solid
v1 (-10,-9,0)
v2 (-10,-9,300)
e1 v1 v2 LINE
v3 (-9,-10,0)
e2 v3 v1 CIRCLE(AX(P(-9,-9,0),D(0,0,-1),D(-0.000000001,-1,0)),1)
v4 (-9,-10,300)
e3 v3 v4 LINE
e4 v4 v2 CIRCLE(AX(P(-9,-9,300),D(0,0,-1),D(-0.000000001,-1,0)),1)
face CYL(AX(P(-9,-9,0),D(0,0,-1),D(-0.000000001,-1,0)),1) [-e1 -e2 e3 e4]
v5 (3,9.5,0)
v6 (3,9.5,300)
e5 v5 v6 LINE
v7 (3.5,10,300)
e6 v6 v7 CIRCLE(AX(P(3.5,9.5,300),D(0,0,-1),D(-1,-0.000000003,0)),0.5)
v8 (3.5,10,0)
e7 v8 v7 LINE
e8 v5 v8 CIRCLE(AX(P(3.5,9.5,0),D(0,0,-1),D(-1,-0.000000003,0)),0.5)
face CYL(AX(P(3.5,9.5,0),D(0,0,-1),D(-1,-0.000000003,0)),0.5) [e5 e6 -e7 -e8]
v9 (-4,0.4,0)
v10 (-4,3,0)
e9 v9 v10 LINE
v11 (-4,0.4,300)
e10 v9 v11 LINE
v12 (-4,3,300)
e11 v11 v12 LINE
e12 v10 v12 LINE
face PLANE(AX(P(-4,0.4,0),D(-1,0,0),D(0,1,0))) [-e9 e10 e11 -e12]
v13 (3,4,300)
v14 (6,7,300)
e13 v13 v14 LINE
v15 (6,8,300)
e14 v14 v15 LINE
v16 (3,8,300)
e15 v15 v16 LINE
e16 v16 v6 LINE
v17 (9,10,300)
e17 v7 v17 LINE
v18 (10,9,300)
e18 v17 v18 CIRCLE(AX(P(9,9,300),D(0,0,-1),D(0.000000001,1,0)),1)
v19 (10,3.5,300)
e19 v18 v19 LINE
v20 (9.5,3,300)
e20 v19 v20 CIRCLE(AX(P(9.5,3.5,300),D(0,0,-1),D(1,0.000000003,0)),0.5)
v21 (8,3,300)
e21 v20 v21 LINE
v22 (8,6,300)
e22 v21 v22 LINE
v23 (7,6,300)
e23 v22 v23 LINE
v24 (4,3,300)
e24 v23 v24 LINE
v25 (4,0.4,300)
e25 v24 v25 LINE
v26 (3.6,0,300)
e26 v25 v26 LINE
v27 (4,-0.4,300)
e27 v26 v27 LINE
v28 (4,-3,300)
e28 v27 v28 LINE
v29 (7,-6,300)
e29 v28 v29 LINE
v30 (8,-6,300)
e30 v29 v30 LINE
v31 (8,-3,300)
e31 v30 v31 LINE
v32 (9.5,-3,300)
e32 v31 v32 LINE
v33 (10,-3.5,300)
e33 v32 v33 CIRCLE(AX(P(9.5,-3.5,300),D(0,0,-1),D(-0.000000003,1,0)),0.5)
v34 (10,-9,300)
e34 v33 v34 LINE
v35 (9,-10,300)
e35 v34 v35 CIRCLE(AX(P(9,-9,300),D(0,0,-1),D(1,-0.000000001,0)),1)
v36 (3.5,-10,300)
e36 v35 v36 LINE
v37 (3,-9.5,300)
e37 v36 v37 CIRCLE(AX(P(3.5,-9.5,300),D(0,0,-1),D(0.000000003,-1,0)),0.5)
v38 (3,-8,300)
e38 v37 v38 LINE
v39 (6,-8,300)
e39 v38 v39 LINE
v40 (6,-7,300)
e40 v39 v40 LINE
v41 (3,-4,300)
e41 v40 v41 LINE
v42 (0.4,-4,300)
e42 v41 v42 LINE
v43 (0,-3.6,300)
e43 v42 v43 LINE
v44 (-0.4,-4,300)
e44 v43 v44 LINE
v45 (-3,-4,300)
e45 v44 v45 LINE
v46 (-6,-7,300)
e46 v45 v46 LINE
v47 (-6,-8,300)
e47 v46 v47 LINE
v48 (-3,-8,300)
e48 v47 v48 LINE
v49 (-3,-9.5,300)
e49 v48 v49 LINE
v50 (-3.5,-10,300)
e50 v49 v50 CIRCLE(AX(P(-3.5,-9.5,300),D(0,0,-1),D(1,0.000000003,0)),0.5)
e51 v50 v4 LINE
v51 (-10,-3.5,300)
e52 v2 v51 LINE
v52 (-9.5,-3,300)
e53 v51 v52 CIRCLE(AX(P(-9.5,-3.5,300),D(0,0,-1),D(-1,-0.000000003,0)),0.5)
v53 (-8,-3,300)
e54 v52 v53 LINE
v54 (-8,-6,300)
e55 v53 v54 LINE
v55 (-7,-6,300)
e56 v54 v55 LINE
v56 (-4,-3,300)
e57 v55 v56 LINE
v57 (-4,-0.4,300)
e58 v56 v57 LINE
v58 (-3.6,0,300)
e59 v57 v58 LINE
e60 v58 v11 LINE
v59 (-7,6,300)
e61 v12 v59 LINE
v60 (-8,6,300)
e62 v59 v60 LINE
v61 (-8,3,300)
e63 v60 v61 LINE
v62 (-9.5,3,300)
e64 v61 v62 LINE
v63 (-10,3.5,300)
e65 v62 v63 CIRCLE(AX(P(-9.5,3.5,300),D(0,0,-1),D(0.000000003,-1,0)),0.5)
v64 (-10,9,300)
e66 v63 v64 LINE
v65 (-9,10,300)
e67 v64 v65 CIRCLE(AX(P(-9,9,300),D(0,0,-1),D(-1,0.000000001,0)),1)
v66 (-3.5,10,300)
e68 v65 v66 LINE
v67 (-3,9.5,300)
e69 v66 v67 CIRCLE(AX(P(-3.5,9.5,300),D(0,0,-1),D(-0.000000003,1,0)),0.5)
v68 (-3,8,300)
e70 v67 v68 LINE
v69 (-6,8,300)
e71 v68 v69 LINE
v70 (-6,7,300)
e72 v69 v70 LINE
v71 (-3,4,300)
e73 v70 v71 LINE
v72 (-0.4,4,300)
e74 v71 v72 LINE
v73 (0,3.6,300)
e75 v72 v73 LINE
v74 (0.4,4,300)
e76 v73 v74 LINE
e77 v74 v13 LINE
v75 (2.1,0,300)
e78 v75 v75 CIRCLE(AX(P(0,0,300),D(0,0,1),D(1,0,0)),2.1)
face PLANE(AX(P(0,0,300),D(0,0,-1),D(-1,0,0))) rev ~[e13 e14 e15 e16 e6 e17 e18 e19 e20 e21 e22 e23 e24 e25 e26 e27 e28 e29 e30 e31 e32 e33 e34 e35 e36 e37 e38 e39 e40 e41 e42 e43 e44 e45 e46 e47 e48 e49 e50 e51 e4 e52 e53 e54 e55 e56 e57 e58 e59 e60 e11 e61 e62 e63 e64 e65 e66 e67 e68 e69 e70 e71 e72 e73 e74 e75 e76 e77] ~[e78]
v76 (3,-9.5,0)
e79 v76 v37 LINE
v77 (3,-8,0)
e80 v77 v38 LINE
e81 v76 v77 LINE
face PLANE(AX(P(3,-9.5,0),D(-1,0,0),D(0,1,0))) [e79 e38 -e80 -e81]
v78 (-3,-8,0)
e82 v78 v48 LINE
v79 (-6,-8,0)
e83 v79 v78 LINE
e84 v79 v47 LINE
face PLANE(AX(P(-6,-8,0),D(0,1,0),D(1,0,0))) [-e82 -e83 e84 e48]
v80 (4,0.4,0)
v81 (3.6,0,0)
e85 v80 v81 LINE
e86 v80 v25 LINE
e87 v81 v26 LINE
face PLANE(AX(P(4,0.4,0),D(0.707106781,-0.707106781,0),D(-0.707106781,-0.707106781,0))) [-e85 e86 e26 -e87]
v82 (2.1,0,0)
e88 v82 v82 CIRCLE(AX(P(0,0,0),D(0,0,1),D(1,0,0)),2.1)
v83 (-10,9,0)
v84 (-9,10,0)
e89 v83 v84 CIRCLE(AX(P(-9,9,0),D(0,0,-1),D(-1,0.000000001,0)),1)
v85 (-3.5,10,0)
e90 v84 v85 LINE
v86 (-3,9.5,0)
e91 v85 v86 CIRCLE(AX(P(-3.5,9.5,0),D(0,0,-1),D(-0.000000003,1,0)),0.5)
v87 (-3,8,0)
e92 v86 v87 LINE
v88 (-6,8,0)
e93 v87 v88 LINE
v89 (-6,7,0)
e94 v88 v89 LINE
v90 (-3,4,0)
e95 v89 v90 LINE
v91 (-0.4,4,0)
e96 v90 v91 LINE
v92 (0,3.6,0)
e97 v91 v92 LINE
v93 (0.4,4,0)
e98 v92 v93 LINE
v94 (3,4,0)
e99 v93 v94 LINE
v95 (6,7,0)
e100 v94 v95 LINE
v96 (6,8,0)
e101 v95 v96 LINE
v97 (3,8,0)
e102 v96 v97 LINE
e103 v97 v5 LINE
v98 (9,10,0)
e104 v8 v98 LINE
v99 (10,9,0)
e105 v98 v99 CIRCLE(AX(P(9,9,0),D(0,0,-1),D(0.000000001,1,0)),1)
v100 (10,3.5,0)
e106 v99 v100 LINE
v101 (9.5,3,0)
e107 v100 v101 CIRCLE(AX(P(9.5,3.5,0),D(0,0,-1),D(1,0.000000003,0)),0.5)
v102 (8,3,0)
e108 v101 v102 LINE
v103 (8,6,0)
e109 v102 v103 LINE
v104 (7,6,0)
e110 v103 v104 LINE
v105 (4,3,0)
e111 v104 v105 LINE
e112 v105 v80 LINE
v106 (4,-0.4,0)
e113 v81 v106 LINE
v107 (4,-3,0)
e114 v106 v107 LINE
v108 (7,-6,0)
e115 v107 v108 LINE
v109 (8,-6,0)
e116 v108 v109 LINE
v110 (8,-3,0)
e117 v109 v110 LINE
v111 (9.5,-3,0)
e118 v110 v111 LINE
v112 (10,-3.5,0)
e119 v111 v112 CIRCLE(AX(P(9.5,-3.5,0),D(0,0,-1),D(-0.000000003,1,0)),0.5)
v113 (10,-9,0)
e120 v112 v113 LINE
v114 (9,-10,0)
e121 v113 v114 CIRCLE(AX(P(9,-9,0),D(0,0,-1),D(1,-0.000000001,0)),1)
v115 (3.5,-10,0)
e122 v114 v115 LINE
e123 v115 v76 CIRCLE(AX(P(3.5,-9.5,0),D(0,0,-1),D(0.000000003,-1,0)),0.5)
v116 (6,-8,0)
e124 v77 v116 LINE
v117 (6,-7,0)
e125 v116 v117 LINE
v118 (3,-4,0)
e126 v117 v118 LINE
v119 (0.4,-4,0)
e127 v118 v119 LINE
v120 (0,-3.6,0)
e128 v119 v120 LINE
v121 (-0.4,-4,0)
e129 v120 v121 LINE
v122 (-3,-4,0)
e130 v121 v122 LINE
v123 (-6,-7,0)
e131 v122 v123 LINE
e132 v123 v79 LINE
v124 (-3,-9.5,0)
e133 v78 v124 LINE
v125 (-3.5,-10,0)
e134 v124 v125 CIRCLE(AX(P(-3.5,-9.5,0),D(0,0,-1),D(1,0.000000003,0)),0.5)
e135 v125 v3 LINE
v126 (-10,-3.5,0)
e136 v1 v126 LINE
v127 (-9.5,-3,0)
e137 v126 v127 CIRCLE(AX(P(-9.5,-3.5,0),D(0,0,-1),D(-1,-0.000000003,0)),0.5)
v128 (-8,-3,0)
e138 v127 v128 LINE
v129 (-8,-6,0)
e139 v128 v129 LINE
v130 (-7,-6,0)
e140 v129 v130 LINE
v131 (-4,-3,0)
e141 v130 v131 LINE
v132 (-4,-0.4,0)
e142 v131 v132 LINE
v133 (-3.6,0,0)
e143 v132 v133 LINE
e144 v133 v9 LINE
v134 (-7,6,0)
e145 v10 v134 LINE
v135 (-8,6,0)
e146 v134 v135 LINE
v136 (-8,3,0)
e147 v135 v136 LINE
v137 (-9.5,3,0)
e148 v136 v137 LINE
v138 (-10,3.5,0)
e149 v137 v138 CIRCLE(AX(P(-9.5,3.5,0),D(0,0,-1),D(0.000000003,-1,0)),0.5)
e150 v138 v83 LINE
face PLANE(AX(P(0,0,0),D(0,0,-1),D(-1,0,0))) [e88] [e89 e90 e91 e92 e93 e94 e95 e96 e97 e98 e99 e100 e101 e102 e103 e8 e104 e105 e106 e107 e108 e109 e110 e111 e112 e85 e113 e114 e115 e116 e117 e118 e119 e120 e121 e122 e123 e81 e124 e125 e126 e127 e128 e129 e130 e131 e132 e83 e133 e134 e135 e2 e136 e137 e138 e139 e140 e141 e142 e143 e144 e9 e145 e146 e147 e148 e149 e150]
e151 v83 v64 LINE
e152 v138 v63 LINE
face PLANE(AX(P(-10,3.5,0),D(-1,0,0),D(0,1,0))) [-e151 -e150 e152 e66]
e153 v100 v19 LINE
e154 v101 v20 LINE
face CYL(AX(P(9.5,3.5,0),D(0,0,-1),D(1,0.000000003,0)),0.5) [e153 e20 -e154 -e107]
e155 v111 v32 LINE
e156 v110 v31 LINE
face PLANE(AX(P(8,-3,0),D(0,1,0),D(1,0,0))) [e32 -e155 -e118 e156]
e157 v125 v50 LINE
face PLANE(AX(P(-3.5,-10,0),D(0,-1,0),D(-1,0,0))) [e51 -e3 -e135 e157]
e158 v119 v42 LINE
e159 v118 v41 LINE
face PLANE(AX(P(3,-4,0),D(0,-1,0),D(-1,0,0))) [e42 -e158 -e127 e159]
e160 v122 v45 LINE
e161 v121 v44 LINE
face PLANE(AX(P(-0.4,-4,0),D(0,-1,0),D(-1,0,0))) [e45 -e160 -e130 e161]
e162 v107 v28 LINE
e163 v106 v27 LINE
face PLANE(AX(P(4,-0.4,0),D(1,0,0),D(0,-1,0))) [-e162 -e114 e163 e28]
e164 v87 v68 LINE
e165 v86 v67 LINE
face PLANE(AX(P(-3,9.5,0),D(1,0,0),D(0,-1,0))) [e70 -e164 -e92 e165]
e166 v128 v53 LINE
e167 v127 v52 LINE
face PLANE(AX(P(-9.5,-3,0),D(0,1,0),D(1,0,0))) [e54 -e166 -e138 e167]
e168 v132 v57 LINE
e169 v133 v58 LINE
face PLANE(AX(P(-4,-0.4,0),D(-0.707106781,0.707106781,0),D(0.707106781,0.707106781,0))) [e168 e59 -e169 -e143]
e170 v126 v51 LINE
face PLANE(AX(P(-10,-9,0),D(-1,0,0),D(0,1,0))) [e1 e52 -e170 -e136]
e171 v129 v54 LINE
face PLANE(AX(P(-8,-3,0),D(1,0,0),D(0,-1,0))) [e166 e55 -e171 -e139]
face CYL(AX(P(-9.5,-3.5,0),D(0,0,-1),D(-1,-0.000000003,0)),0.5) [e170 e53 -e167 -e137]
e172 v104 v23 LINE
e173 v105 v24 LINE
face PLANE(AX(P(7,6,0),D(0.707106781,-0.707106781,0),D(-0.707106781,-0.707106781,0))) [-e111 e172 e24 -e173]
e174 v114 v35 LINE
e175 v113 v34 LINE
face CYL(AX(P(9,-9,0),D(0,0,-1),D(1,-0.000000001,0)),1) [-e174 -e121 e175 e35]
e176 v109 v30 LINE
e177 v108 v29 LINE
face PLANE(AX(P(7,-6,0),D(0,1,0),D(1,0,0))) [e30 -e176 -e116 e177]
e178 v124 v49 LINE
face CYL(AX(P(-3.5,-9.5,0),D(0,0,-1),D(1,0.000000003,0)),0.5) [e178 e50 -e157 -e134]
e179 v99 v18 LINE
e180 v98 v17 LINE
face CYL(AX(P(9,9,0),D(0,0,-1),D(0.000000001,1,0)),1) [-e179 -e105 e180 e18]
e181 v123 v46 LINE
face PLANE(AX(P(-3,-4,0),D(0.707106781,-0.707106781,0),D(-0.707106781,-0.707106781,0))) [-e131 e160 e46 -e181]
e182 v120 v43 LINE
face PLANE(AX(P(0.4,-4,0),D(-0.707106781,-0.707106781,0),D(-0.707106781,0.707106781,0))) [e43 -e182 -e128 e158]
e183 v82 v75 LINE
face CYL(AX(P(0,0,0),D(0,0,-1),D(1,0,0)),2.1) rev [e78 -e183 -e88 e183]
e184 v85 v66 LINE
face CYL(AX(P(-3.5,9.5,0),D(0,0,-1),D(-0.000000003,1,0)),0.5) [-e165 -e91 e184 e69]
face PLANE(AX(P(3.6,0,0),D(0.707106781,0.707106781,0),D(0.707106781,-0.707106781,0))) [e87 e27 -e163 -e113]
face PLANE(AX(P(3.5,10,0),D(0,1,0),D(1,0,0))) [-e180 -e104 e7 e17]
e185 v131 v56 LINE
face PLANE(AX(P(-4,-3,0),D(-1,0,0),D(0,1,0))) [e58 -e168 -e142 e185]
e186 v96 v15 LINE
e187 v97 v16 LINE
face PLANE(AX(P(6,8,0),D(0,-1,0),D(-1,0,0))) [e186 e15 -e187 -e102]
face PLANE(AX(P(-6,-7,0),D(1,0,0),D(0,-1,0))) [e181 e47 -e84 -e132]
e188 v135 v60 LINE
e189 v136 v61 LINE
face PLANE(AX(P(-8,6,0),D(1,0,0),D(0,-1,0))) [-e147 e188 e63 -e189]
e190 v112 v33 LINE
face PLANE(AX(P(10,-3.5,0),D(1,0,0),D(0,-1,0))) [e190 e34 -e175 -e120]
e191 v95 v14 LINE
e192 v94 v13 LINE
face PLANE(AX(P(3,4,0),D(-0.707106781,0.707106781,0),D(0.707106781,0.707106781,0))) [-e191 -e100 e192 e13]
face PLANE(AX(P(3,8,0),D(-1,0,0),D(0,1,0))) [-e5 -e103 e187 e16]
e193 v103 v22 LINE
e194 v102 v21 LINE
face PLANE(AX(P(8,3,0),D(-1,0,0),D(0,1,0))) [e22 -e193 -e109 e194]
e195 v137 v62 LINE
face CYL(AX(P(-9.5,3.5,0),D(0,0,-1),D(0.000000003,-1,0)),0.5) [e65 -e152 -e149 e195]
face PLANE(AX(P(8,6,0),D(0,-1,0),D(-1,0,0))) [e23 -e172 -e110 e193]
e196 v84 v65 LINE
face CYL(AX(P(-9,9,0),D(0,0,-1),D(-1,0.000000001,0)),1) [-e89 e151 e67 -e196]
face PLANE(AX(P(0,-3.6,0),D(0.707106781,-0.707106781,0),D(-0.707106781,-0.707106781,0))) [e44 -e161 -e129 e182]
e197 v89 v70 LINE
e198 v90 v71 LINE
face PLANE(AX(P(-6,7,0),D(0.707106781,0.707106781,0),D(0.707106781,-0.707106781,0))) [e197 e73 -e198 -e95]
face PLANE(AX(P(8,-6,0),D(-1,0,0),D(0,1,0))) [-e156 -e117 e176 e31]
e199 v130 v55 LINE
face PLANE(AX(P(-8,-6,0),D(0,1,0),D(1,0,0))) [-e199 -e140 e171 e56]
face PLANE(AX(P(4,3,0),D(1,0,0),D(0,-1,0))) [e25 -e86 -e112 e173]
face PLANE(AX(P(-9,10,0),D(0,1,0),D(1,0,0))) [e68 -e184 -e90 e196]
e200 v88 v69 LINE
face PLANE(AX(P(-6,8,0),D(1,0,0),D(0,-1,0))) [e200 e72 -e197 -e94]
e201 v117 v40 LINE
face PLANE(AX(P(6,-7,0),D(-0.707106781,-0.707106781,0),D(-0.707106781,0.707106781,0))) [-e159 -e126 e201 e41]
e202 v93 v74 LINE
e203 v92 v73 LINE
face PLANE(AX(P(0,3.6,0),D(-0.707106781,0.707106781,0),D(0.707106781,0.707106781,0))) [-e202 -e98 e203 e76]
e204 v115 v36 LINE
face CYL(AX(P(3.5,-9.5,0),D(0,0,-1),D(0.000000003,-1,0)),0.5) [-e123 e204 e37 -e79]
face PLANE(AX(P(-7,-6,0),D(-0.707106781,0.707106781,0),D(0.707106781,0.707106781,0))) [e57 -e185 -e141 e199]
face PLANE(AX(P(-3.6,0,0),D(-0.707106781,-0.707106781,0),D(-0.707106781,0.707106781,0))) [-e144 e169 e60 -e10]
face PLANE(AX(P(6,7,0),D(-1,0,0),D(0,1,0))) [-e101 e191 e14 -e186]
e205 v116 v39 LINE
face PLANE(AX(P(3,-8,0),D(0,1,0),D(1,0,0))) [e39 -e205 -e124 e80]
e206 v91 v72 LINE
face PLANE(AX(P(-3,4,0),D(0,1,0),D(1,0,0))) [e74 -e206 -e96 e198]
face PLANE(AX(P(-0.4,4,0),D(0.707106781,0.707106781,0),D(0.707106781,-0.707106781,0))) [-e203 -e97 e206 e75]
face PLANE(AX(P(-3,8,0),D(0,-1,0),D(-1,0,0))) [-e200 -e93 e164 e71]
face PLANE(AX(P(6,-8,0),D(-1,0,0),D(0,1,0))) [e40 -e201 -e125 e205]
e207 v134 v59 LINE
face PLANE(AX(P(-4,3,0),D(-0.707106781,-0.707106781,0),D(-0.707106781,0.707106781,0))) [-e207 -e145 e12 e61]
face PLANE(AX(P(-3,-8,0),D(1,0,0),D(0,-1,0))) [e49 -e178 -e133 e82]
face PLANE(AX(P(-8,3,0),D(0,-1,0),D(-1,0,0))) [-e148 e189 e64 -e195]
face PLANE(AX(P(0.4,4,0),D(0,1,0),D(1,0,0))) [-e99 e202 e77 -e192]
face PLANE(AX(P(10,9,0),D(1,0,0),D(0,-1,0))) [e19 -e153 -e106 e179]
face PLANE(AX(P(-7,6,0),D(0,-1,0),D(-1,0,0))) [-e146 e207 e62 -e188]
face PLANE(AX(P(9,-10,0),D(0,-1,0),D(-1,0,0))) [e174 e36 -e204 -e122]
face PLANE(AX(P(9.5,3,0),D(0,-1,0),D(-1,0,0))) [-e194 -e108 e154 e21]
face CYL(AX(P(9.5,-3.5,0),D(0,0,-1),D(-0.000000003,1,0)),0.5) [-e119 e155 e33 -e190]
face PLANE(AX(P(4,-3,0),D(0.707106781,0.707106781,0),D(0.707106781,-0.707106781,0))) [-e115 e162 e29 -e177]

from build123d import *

# Parameters (mm, degrees)
SCHIZZO1_R                   = 2.1
ESTRUSIONE_ESTRUSIONE1_DEPTH = 300


with BuildPart() as part:
    # Schizzo1 → Estrusione-Estrusione1 (new body)
    with BuildSketch(Plane.XY):
        with BuildLine():
            Line((-3.6, 0), (-4, 0.4))
            Line((-4, 0.4), (-4, 3))
            Line((-4, 3), (-7, 6))
            Line((-7, 6), (-8, 6))
            Line((-8, 6), (-8, 3))
            Line((-8, 3), (-9.5, 3))
            ThreePointArc((-9.5, 3), (-9.853553391, 3.146446609), (-10, 3.5))
            Line((-10, 3.5), (-10, 9))
            ThreePointArc((-10, 9), (-9.707106781, 9.707106781), (-9, 10))
            Line((-9, 10), (-3.5, 10))
            ThreePointArc((-3.5, 10), (-3.146446609, 9.853553391), (-3, 9.5))
            Line((-3, 9.5), (-3, 8))
            Line((-3, 8), (-6, 8))
            Line((-6, 8), (-6, 7))
            Line((-6, 7), (-3, 4))
            Line((-3, 4), (-0.4, 4))
            Line((-0.4, 4), (0, 3.6))
            Line((0, 3.6), (0.4, 4))
            Line((0.4, 4), (3, 4))
            Line((3, 4), (6, 7))
            Line((6, 7), (6, 8))
            Line((6, 8), (3, 8))
            Line((3, 8), (3, 9.5))
            ThreePointArc((3, 9.5), (3.146446609, 9.853553391), (3.5, 10))
            Line((3.5, 10), (9, 10))
            ThreePointArc((9, 10), (9.707106781, 9.707106781), (10, 9))
            Line((10, 9), (10, 3.5))
            ThreePointArc((10, 3.5), (9.853553391, 3.146446609), (9.5, 3))
            Line((9.5, 3), (8, 3))
            Line((8, 3), (8, 6))
            Line((8, 6), (7, 6))
            Line((7, 6), (4, 3))
            Line((4, 3), (4, 0.4))
            Line((4, 0.4), (3.6, 0))
            Line((3.6, 0), (4, -0.4))
            Line((4, -0.4), (4, -3))
            Line((4, -3), (7, -6))
            Line((7, -6), (8, -6))
            Line((8, -6), (8, -3))
            Line((8, -3), (9.5, -3))
            ThreePointArc((9.5, -3), (9.853553391, -3.146446609), (10, -3.5))
            Line((10, -3.5), (10, -9))
            ThreePointArc((10, -9), (9.707106781, -9.707106781), (9, -10))
            Line((9, -10), (3.5, -10))
            ThreePointArc((3.5, -10), (3.146446609, -9.853553391), (3, -9.5))
            Line((3, -9.5), (3, -8))
            Line((3, -8), (6, -8))
            Line((6, -8), (6, -7))
            Line((6, -7), (3, -4))
            Line((3, -4), (0.4, -4))
            Line((0.4, -4), (0, -3.6))
            Line((0, -3.6), (-0.4, -4))
            Line((-0.4, -4), (-3, -4))
            Line((-3, -4), (-6, -7))
            Line((-6, -7), (-6, -8))
            Line((-6, -8), (-3, -8))
            Line((-3, -8), (-3, -9.5))
            ThreePointArc((-3, -9.5), (-3.146446609, -9.853553391), (-3.5, -10))
            Line((-3.5, -10), (-9, -10))
            ThreePointArc((-9, -10), (-9.707106781, -9.707106781), (-10, -9))
            Line((-10, -9), (-10, -3.5))
            ThreePointArc((-10, -3.5), (-9.853553391, -3.146446609), (-9.5, -3))
            Line((-9.5, -3), (-8, -3))
            Line((-8, -3), (-8, -6))
            Line((-8, -6), (-7, -6))
            Line((-7, -6), (-4, -3))
            Line((-4, -3), (-4, -0.4))
            Line((-4, -0.4), (-3.6, 0))
        make_face()
        Circle(SCHIZZO1_R, mode=Mode.SUBTRACT)
    extrude(amount=ESTRUSIONE_ESTRUSIONE1_DEPTH)


solid = part.part
